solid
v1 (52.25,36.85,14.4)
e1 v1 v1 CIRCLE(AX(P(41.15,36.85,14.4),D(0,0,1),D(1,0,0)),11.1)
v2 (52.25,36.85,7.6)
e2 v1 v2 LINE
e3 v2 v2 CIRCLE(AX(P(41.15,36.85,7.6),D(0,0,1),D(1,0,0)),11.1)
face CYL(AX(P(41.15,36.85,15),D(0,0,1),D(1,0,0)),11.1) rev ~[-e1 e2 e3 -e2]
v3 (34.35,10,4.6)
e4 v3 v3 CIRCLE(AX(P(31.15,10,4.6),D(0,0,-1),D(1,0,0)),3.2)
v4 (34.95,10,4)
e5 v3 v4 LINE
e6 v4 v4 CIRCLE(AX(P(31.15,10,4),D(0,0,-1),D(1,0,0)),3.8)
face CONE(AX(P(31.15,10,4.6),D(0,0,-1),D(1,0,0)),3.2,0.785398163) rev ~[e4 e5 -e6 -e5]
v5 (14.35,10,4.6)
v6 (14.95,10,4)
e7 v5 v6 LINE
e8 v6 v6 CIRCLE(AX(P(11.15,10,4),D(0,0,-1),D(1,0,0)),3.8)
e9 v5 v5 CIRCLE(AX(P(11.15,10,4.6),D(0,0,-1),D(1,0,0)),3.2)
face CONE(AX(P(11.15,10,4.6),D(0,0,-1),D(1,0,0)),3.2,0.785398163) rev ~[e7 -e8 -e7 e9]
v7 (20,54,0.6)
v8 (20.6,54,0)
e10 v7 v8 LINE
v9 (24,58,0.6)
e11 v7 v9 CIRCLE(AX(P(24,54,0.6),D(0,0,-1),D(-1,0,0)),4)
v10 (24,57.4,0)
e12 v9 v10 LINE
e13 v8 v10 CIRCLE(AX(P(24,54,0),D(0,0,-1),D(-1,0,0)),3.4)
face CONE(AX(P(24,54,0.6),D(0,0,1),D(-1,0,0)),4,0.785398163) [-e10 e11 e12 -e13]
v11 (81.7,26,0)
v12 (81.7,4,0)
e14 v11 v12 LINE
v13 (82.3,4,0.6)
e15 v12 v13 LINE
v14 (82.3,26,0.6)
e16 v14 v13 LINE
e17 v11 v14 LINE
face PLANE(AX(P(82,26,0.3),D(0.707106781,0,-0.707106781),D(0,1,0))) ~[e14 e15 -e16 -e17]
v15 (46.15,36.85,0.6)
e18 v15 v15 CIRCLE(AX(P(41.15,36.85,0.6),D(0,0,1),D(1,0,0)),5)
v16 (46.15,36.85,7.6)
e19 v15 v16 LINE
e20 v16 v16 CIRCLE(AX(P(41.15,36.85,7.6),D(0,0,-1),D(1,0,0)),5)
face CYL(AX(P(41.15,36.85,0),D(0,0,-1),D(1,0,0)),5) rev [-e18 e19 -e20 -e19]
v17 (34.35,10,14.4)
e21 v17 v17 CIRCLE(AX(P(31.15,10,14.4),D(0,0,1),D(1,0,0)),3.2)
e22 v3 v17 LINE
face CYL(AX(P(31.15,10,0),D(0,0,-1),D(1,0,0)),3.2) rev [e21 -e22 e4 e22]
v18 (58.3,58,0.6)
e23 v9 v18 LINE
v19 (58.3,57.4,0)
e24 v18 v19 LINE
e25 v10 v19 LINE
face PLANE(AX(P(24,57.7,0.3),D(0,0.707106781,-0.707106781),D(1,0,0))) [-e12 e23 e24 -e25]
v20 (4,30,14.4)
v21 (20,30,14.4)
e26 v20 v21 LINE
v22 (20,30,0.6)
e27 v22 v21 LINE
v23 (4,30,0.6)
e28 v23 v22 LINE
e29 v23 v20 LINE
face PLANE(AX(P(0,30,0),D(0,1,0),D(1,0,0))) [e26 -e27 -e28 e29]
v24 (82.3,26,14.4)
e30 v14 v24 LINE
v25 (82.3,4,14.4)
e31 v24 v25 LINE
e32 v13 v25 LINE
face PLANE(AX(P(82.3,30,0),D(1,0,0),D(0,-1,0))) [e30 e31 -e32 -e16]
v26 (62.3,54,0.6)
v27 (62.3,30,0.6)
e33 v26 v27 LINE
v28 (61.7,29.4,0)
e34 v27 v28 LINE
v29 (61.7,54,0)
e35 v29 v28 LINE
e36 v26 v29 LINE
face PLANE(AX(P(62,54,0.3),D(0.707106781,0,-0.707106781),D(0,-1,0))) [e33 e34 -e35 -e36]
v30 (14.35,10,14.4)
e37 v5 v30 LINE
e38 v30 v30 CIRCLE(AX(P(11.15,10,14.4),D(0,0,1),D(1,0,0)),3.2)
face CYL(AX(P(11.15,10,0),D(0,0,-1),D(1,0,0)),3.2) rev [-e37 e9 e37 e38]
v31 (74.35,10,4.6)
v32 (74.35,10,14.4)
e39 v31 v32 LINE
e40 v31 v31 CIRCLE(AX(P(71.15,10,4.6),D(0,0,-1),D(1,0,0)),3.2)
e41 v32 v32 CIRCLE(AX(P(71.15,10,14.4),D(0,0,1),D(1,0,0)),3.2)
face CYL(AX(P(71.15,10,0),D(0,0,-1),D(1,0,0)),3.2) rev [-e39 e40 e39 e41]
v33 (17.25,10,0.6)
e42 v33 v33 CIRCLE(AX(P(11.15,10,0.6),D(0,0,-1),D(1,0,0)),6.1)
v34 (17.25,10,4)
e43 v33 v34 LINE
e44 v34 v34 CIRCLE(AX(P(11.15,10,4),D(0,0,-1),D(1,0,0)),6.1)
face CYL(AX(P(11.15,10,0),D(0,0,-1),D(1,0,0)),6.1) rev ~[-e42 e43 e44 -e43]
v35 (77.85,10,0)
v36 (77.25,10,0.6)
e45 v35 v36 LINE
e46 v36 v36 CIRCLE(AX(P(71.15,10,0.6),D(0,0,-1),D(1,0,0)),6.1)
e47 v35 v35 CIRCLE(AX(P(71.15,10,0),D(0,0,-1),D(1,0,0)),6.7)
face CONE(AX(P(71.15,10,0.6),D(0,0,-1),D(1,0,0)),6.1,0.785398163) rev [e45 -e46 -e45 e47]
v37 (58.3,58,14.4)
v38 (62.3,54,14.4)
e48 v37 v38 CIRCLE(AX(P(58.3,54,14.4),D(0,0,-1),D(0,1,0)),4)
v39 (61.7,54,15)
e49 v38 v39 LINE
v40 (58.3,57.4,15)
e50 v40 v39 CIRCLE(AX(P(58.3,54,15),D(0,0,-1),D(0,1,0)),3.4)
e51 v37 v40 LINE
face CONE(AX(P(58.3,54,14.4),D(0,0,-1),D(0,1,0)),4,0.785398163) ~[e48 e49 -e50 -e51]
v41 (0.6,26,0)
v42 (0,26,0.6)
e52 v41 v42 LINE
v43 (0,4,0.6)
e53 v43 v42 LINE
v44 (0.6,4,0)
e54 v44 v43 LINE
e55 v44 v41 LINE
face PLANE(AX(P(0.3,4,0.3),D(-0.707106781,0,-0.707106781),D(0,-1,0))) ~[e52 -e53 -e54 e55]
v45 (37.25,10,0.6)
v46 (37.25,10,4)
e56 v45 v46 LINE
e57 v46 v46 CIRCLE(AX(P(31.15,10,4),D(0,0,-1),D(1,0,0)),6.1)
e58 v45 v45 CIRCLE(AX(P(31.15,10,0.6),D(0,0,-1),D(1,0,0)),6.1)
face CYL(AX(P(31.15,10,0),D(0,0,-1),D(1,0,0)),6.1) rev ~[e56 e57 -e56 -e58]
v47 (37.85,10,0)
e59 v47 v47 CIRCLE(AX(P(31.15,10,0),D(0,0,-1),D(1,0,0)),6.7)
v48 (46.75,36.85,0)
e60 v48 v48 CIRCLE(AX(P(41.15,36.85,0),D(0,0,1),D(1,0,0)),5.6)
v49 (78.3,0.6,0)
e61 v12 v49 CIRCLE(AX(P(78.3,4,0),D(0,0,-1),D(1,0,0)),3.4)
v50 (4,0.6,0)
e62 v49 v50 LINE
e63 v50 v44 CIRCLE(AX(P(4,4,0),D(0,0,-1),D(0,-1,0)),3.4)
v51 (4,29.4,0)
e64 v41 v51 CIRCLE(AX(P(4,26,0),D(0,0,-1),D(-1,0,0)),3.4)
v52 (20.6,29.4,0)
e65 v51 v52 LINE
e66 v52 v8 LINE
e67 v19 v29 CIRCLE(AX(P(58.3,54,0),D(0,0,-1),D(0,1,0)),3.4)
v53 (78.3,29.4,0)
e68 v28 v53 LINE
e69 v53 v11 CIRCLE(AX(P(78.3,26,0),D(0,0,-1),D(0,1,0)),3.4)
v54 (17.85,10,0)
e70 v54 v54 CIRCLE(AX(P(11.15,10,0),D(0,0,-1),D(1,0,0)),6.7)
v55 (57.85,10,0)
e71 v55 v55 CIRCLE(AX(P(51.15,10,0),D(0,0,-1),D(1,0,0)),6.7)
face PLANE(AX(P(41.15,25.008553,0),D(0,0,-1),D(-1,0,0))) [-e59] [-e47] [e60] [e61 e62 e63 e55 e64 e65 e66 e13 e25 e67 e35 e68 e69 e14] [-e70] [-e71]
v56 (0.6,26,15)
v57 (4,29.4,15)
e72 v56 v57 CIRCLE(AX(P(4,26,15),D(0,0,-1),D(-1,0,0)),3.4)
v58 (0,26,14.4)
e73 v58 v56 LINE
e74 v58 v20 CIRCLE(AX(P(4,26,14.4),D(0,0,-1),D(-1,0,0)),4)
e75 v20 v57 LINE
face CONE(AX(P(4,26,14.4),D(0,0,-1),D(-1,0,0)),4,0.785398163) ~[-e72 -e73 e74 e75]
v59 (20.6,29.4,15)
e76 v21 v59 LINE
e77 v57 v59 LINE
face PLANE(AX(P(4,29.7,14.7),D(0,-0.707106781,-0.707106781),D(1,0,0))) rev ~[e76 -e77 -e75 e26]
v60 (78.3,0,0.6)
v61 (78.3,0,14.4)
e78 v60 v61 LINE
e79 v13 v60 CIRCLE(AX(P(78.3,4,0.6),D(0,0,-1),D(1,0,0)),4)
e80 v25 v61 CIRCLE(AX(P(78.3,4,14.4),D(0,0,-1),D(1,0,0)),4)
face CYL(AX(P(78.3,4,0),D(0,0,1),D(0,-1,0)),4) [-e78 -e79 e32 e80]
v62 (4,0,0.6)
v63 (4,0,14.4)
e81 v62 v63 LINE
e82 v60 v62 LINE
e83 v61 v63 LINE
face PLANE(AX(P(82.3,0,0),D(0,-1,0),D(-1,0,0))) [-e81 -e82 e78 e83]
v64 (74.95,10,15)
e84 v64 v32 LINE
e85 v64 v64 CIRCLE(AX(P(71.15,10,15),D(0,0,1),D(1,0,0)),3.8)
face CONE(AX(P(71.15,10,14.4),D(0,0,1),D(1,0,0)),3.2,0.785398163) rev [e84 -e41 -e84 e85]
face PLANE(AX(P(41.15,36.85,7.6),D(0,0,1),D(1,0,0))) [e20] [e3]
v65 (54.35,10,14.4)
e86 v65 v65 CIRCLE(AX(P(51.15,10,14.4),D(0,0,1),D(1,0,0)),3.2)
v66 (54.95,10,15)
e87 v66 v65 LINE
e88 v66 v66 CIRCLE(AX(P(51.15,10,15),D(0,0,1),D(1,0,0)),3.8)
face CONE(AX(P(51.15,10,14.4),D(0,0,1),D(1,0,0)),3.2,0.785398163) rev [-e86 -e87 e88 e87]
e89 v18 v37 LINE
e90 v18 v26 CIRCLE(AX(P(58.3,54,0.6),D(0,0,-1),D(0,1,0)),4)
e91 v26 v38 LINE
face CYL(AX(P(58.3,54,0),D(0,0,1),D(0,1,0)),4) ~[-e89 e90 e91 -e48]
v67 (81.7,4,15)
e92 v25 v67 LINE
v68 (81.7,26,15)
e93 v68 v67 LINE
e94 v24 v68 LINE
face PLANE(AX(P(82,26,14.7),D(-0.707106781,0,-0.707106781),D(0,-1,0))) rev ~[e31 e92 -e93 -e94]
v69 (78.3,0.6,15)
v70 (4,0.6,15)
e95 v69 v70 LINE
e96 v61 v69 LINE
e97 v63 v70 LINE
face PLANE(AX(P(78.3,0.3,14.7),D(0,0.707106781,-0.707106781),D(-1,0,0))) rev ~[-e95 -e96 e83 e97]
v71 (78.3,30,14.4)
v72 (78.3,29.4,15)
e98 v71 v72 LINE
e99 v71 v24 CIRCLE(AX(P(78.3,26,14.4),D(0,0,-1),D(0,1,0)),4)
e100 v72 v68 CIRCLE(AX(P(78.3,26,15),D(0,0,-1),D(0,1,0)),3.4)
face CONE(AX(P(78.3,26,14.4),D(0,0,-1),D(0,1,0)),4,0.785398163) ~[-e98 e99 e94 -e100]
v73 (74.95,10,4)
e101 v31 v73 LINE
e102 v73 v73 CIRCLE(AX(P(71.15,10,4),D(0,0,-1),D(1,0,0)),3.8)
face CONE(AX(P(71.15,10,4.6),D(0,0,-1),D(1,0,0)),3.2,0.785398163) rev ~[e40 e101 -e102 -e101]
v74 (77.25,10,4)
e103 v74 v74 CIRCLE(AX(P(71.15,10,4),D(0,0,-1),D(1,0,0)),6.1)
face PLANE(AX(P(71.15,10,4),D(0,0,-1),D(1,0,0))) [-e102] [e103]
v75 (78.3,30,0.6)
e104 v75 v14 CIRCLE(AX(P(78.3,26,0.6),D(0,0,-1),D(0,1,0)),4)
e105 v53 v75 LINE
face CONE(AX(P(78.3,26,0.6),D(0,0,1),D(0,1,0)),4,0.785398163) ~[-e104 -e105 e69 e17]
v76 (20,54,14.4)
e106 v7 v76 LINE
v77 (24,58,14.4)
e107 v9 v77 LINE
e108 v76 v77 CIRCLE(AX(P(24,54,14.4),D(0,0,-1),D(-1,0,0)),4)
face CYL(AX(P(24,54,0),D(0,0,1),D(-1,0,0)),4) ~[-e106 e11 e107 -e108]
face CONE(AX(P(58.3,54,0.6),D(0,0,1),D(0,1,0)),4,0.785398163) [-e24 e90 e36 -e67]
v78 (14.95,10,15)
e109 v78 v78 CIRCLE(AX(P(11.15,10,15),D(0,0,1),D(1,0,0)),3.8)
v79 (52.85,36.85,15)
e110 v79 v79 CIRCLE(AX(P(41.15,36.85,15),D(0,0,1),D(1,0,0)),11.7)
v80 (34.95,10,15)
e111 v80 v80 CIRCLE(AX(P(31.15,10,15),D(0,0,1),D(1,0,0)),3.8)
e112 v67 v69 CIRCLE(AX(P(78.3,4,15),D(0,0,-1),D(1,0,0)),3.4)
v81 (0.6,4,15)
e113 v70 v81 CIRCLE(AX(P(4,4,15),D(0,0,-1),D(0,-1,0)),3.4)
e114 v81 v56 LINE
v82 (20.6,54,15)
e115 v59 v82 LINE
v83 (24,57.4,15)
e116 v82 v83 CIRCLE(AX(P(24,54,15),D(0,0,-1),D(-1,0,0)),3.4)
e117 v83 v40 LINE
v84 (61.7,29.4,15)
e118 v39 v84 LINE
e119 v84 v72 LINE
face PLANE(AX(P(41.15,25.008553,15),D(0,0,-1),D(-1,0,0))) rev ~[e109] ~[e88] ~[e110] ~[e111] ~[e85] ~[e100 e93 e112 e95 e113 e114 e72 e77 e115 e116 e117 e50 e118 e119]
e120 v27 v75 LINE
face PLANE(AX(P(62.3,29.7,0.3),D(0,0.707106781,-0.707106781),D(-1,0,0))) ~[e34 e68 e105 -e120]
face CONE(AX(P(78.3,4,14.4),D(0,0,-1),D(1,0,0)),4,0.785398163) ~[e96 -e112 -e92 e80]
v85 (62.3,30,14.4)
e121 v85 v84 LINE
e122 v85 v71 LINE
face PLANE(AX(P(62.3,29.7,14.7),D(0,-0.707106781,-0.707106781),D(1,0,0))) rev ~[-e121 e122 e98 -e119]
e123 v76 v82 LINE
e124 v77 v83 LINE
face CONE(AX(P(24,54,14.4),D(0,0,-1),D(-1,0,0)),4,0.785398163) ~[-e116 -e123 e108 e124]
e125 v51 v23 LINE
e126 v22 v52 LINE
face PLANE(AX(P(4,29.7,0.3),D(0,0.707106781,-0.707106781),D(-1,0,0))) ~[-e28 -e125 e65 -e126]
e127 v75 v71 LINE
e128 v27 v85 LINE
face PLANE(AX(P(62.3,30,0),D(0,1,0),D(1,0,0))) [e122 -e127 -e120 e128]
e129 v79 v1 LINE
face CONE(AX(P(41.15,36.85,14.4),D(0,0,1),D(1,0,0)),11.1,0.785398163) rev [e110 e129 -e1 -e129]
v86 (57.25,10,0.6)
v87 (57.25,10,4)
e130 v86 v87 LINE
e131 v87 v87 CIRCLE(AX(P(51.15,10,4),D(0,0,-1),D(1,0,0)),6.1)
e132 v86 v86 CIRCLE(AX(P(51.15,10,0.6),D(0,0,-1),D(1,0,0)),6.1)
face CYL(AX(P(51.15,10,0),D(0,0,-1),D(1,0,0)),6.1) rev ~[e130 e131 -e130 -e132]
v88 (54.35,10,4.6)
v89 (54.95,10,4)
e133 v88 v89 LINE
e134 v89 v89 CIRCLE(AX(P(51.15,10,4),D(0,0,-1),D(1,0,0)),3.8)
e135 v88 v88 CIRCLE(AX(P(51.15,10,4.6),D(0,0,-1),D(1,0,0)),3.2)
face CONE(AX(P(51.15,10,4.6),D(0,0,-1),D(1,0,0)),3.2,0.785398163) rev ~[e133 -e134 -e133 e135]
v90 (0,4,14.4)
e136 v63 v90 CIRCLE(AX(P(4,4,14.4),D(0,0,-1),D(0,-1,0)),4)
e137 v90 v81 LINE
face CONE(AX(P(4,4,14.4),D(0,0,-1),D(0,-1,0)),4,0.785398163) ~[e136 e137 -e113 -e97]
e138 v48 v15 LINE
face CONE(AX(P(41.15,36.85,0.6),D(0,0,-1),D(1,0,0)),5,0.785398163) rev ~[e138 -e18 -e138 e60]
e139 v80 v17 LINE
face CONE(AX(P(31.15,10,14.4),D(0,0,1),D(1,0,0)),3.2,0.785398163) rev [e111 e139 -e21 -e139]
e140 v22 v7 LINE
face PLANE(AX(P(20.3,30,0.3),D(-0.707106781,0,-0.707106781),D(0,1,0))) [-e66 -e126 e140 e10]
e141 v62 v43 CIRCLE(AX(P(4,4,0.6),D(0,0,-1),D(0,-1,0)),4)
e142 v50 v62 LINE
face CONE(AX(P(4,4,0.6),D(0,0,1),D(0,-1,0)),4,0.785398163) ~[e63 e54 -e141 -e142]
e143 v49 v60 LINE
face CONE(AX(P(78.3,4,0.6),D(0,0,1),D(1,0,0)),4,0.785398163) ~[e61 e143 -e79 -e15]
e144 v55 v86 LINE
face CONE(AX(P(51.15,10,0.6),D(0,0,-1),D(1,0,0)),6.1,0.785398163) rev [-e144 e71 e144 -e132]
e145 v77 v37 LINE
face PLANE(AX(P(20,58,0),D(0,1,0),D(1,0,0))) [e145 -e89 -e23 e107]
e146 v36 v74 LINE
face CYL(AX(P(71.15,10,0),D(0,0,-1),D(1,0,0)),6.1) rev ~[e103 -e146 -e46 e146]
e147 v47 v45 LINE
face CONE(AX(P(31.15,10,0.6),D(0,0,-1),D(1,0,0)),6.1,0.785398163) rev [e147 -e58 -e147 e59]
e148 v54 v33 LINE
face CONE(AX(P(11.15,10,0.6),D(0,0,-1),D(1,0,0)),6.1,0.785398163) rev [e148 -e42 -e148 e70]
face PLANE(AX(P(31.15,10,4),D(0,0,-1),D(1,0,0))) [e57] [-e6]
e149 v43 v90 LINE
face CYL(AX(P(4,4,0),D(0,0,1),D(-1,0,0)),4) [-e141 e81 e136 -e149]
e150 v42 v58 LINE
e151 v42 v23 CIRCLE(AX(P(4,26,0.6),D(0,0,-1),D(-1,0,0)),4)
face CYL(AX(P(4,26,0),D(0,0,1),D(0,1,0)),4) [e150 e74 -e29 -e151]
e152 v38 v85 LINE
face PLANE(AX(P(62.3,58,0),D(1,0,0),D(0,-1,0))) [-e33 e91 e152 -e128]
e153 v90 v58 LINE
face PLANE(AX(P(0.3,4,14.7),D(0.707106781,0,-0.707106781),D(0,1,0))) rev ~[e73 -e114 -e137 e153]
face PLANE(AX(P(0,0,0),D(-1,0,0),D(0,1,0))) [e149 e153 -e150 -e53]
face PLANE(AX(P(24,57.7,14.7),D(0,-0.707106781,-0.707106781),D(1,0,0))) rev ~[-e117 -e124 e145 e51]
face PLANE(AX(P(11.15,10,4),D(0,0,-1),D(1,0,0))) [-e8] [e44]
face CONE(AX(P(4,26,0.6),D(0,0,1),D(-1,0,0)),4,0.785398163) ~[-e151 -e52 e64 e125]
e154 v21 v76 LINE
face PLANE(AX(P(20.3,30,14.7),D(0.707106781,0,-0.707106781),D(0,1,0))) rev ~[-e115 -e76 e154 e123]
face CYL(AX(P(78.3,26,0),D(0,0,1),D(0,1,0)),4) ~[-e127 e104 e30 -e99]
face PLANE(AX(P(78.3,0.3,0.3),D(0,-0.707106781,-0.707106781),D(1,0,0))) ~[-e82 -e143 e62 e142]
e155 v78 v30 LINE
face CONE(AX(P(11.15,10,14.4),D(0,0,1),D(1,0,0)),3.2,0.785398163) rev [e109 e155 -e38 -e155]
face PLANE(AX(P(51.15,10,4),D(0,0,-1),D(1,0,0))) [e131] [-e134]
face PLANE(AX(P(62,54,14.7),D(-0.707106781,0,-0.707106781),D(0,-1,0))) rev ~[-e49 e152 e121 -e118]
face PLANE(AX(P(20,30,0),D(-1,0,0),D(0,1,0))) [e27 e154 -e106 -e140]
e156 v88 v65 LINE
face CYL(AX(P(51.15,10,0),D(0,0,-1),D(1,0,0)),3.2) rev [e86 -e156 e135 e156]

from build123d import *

# Parameters (mm, degrees)
SKETCH_R        = 5
SKETCH_R_2      = 3.2
PAD_DEPTH       = 15
SKETCH002_R     = 6.1
POCKET001_DEPTH = 4
SKETCH003_R     = 11.1
POCKET_DEPTH    = 7.4
FILLET_R        = 4
CHAMFER_SIZE    = 0.6
CHAMFER001_SIZE = 0.6
CHAMFER002_SIZE = 0.6


with BuildPart() as part:
    # Sketch → Pad (new body)
    with BuildSketch(Plane.XY):
        Polygon((20, 30), (20, 58), (62.3, 58), (62.3, 30), (82.3, 30), (82.3, 0), (0, 0), (0, 30), align=None)
        with Locations((41.15, 36.85)):
            Circle(SKETCH_R, mode=Mode.SUBTRACT)
        with Locations((11.15, 10)):
            Circle(SKETCH_R_2, mode=Mode.SUBTRACT)
        with Locations((31.15, 10)):
            Circle(SKETCH_R_2, mode=Mode.SUBTRACT)
        with Locations((51.15, 10)):
            Circle(SKETCH_R_2, mode=Mode.SUBTRACT)
        with Locations((71.15, 10)):
            Circle(SKETCH_R_2, mode=Mode.SUBTRACT)
    extrude(amount=PAD_DEPTH)

    # Sketch002 → Pocket001 (cut)
    with BuildSketch(Plane(origin=(0, 0, 0), x_dir=(1, 0, 0), z_dir=(0, 0, -1))):
        with Locations((11.15, -10)):
            Circle(SKETCH002_R)
        with Locations((31.15, -10)):
            Circle(SKETCH002_R)
        with Locations((51.15, -10)):
            Circle(SKETCH002_R)
        with Locations((71.15, -10)):
            Circle(SKETCH002_R)
    extrude(amount=-POCKET001_DEPTH, mode=Mode.SUBTRACT)

    # Sketch003 (on Face5 of Pocket001) → Pocket (cut)
    with BuildSketch(Plane.XY.offset(15)):
        with Locations((41.15, 36.85)):
            Circle(SKETCH003_R)
    extrude(amount=-POCKET_DEPTH, mode=Mode.SUBTRACT)

    # Fillet
    fillet_edges = [part.edges().sort_by_distance(p)[0] for p in [
        (0, 30, 7.5),
        (20, 58, 7.5),
        (62.3, 58, 7.5),
        (82.3, 30, 7.5),
        (82.3, 0, 7.5),
        (0, 0, 7.5),
    ]]
    fillet(fillet_edges, radius=FILLET_R)

    # Chamfer
    chamfer_edges = [part.edges().sort_by_distance(p)[0] for p in [
        (20, 42, 15),
        (21.171573, 56.828427, 15),
        (12, 30, 15),
        (41.15, 58, 15),
        (1.171573, 28.828427, 15),
        (61.128427, 56.828427, 15),
        (0, 15, 15),
        (62.3, 42, 15),
        (1.171573, 1.171573, 15),
        (70.3, 30, 15),
        (41.15, 0, 15),
        (81.128427, 28.828427, 15),
        (81.128427, 1.171573, 15),
        (82.3, 15, 15),
        (47.95, 10, 15),
        (27.95, 10, 15),
        (30.05, 36.85, 15),
        (7.95, 10, 15),
        (67.95, 10, 15),
    ]]
    chamfer(chamfer_edges, length=CHAMFER_SIZE)

    # Chamfer001
    chamfer001_edges = [part.edges().sort_by_distance(p)[0] for p in [
        (20, 42, 0),
        (21.171573, 56.828427, 0),
        (12, 30, 0),
        (41.15, 58, 0),
        (1.171573, 28.828427, 0),
        (61.128427, 56.828427, 0),
        (0, 15, 0),
        (62.3, 42, 0),
        (1.171573, 1.171573, 0),
        (70.3, 30, 0),
        (41.15, 0, 0),
        (81.128427, 28.828427, 0),
        (81.128427, 1.171573, 0),
        (82.3, 15, 0),
        (45.05, 10, 0),
        (25.05, 10, 0),
        (65.05, 10, 0),
        (5.05, 10, 0),
        (36.15, 36.85, 0),
    ]]
    chamfer(chamfer001_edges, length=CHAMFER001_SIZE)

    # Chamfer002
    chamfer002_edges = [part.edges().sort_by_distance(p)[0] for p in [
        (67.95, 10, 4),
        (47.95, 10, 4),
        (27.95, 10, 4),
        (7.95, 10, 4),
    ]]
    chamfer(chamfer002_edges, length=CHAMFER002_SIZE)


solid = part.part
